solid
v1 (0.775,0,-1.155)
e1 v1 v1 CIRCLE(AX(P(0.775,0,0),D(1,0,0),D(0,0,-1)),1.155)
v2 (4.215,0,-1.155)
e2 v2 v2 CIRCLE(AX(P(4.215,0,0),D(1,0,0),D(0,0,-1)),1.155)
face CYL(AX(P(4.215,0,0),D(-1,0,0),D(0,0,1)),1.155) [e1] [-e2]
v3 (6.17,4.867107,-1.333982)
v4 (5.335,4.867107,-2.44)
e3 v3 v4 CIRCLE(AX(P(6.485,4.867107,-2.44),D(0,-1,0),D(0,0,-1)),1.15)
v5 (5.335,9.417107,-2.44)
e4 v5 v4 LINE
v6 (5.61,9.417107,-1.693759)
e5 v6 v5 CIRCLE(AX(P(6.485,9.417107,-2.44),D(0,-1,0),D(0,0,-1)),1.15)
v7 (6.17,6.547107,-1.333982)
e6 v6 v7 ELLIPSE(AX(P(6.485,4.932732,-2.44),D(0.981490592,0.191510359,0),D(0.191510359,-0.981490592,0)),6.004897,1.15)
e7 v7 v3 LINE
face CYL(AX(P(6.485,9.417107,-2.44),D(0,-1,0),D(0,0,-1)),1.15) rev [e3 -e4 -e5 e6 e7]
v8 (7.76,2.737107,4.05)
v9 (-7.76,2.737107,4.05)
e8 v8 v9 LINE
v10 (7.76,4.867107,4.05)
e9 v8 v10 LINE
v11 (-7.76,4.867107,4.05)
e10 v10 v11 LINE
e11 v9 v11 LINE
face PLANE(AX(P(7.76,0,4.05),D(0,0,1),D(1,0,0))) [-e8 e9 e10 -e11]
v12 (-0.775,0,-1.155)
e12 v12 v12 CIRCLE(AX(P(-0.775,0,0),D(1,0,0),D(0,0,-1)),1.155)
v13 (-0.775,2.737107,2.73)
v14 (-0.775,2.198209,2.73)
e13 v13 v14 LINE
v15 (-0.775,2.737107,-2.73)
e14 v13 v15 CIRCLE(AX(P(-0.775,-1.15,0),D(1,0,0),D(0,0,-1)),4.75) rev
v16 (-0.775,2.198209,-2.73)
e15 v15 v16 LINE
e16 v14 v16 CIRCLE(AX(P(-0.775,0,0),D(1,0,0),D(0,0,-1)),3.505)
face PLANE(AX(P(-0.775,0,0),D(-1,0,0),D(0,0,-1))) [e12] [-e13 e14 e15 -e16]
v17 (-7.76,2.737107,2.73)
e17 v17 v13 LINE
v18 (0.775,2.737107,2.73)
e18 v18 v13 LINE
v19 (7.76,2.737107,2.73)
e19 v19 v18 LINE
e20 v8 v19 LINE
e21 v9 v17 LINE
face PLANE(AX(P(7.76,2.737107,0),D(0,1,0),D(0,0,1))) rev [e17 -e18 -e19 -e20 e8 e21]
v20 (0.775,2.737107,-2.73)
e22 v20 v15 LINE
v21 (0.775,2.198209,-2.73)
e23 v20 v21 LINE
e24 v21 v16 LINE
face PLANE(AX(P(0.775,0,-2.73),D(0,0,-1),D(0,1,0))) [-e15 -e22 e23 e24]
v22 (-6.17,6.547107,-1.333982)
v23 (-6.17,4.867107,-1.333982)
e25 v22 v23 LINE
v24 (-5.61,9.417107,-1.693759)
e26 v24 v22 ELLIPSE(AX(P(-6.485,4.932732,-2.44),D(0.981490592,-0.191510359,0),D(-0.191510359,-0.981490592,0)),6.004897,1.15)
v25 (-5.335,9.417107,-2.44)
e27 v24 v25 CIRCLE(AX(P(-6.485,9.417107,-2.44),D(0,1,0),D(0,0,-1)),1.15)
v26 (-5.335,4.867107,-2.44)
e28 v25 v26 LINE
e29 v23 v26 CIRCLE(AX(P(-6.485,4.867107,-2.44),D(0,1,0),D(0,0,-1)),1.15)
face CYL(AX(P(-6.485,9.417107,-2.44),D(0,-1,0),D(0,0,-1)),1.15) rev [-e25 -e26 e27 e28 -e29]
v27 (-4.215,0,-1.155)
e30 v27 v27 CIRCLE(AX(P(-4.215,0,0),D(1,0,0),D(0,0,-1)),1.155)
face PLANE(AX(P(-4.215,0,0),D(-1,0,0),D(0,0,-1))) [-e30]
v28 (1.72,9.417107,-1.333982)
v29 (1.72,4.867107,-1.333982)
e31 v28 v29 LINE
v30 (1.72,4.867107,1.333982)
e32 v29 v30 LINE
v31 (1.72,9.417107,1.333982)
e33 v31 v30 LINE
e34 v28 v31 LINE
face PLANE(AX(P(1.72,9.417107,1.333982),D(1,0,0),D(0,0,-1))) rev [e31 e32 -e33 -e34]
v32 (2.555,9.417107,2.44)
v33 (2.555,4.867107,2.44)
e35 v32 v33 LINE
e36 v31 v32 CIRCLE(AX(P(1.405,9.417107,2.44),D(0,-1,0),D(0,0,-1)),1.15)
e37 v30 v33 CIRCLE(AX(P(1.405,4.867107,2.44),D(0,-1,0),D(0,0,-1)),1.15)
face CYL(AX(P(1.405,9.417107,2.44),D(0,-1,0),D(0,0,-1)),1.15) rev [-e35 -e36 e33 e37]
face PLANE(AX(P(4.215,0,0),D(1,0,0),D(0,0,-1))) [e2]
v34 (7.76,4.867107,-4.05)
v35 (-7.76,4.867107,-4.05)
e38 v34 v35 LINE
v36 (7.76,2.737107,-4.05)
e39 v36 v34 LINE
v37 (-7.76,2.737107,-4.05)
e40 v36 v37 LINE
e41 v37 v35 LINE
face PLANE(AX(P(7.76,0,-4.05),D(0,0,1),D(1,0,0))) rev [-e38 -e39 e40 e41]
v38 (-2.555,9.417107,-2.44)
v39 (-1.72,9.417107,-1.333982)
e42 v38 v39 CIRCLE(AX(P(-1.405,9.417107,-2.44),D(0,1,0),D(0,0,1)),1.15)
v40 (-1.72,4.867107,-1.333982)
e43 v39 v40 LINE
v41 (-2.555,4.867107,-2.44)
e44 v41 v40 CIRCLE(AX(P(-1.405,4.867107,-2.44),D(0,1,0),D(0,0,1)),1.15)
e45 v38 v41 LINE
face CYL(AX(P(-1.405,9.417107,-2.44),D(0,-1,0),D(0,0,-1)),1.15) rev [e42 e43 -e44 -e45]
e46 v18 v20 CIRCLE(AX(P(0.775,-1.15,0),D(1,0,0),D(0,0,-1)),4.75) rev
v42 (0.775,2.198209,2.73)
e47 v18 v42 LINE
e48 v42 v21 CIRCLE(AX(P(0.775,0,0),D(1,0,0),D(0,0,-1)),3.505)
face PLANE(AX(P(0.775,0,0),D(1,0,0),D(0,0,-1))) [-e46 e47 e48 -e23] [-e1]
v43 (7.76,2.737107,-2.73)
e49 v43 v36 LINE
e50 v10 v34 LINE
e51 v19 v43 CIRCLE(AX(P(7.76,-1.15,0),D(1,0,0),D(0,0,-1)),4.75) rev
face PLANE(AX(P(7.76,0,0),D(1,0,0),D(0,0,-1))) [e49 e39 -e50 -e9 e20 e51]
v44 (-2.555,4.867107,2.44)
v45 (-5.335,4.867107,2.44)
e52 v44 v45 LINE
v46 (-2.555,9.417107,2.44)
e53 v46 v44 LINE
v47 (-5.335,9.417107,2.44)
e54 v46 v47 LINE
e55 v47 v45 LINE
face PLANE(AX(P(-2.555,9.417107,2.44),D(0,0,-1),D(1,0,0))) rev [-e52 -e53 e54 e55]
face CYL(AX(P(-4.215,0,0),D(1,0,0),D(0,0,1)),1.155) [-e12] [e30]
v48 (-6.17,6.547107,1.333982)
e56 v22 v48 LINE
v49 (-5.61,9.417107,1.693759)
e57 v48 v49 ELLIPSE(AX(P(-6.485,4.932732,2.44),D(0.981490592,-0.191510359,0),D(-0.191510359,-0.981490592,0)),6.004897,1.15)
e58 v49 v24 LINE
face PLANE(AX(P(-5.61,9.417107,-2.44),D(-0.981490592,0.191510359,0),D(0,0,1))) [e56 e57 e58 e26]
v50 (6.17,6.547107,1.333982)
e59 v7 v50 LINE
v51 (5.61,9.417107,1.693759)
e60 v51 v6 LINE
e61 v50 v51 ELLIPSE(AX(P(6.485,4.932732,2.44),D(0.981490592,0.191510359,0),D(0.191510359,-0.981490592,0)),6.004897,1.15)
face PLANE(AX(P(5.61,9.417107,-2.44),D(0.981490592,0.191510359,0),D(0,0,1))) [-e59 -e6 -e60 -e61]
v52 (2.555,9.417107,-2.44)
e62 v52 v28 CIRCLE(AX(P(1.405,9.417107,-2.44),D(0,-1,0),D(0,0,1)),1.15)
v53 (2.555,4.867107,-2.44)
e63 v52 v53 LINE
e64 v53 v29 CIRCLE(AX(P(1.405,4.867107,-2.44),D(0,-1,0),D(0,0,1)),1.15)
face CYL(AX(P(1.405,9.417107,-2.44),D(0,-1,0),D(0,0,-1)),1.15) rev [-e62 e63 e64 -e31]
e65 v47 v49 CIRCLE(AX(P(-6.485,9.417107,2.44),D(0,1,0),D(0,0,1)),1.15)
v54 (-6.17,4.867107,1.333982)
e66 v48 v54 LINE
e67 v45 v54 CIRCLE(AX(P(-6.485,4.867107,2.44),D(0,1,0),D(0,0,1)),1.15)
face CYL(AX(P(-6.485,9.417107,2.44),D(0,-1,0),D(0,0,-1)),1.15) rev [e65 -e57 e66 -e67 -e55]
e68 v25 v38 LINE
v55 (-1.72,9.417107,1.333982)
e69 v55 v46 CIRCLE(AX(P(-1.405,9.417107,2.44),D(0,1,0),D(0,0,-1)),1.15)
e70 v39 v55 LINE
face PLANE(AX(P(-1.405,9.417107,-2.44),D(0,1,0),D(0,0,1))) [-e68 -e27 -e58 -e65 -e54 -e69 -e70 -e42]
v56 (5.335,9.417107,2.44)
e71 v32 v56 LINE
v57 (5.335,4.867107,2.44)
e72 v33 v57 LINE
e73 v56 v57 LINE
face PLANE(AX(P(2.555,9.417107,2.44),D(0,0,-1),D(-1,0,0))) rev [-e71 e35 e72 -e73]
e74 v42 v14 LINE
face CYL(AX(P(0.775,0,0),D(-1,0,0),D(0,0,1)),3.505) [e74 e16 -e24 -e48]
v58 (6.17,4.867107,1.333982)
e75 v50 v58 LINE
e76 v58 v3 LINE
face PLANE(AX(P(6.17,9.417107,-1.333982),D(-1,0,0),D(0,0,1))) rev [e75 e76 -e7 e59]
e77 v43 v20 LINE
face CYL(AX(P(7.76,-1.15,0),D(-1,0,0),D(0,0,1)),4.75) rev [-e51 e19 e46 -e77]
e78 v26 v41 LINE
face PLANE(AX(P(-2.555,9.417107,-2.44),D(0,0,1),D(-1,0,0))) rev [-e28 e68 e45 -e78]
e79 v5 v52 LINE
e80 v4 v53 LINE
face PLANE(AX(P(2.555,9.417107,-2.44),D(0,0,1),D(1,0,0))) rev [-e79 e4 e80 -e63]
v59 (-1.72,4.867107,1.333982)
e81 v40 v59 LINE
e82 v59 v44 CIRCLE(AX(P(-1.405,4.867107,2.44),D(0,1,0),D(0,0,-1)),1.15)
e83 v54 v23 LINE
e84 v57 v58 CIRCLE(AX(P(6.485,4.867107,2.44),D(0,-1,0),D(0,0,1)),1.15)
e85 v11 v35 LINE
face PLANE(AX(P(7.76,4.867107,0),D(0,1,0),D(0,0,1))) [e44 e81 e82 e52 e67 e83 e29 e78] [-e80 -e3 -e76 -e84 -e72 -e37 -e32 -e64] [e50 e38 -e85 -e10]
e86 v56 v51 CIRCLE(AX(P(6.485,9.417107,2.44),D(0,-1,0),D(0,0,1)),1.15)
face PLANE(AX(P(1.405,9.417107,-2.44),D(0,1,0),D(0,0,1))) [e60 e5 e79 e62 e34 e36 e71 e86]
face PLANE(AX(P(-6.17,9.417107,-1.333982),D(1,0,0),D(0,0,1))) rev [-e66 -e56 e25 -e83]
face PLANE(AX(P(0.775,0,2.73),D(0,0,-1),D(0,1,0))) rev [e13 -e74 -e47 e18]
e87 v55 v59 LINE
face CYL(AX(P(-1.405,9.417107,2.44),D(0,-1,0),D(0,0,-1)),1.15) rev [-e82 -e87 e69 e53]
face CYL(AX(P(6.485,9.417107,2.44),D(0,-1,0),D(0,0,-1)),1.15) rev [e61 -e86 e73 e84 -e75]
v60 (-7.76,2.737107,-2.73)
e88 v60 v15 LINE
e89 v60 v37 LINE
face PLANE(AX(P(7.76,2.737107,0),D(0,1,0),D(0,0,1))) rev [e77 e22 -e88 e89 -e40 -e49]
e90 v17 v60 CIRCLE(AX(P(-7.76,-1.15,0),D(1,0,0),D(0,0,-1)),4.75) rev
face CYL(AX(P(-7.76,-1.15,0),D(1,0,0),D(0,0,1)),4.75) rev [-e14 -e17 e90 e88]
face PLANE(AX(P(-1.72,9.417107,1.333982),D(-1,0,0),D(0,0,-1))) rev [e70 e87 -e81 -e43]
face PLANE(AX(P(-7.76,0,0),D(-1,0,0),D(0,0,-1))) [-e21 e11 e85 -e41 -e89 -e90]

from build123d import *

# Parameters (mm, degrees)
SKETCH1_R           = 1.155
BOSS_EXTRUDE1_DEPTH = 4.215
SKETCH1_3_R         = 1.155
BOSS_EXTRUDE2_DEPTH = 0.775
BOSS_EXTRUDE3_DEPTH = 7.76
BOSS_EXTRUDE4_DEPTH = 4.55
CHAMFER1_SIZE       = 2.87
CHAMFER1_SIZE2      = 0.56


with BuildPart() as part:
    # Sketch1 → Boss-Extrude1 (new body)
    with BuildSketch(Plane(origin=(0, 0, 0), x_dir=(0, 0, -1), z_dir=(1, 0, 0))):
        Circle(SKETCH1_R)
    extrude(amount=BOSS_EXTRUDE1_DEPTH)

    # Sketch1<3> → Boss-Extrude2 (add)
    with BuildSketch(Plane(origin=(0, 0, 0), x_dir=(0, 0, -1), z_dir=(1, 0, 0))):
        with BuildLine():
            ThreePointArc((2.73, 2.737106893), (0, 3.6), (-2.73, 2.737106893))
            Line((-2.73, 2.737106893), (-2.73, 2.198209499))
            ThreePointArc((-2.73, 2.198209499), (0, -3.505), (2.73, 2.198209499))
            Line((2.73, 2.198209499), (2.73, 2.737106893))
        make_face()
        Circle(SKETCH1_3_R, mode=Mode.SUBTRACT)
    extrude(amount=BOSS_EXTRUDE2_DEPTH)

    # Sketch1<4> → Boss-Extrude3 (add)
    with BuildSketch(Plane(origin=(0, 0, 0), x_dir=(0, 0, -1), z_dir=(1, 0, 0))):
        with BuildLine():
            ThreePointArc((-2.73, 2.737106893), (0, 3.6), (2.73, 2.737106893))
            Line((2.73, 2.737106893), (4.05, 2.737106893))
            Line((4.05, 2.737106893), (4.05, 4.867106893))
            Line((4.05, 4.867106893), (-4.05, 4.867106893))
            Line((-4.05, 4.867106893), (-4.05, 2.737106893))
            Line((-4.05, 2.737106893), (-2.73, 2.737106893))
        make_face()
    extrude(amount=BOSS_EXTRUDE3_DEPTH)

    # Sketch2 → Boss-Extrude4 (add)
    with BuildSketch(Plane(origin=(0, 4.867106893, 0), x_dir=(1, 0, 0), z_dir=(0, 1, 0))):
        with BuildLine():
            Line((1.72, -1.333982369), (1.72, 1.333982369))
            ThreePointArc((1.72, 1.333982369), (2.322809893, 1.747089472), (2.555, 2.44))
            Line((2.555, 2.44), (5.335, 2.44))
            ThreePointArc((5.335, 2.44), (5.567190107, 1.747089472), (6.17, 1.333982369))
            Line((6.17, 1.333982369), (6.17, -1.333982369))
            ThreePointArc((6.17, -1.333982369), (5.567190107, -1.747089472), (5.335, -2.44))
            Line((5.335, -2.44), (2.555, -2.44))
            ThreePointArc((2.555, -2.44), (2.322809893, -1.747089472), (1.72, -1.333982369))
        make_face()
    extrude(amount=BOSS_EXTRUDE4_DEPTH)

    # Chamfer1
    chamfer1_edges = [part.edges().sort_by_distance(p)[0] for p in [
        (6.17, 9.417106893, 0),
    ]]
    chamfer1_side = [part.faces().sort_by_distance(p)[0] for p in [
        (6.17, 7.142106893, 0),
    ]]
    chamfer(chamfer1_edges, length=CHAMFER1_SIZE, length2=CHAMFER1_SIZE2, reference=chamfer1_side[0])

    # Mirror1: part across plane


with BuildPart() as part_1:
    add(part.part)
    add(part.part.mirror(Plane(origin=(0, 0, 0), x_dir=(0, 0, 1), z_dir=(1, 0, 0))))


solid = part_1.part
